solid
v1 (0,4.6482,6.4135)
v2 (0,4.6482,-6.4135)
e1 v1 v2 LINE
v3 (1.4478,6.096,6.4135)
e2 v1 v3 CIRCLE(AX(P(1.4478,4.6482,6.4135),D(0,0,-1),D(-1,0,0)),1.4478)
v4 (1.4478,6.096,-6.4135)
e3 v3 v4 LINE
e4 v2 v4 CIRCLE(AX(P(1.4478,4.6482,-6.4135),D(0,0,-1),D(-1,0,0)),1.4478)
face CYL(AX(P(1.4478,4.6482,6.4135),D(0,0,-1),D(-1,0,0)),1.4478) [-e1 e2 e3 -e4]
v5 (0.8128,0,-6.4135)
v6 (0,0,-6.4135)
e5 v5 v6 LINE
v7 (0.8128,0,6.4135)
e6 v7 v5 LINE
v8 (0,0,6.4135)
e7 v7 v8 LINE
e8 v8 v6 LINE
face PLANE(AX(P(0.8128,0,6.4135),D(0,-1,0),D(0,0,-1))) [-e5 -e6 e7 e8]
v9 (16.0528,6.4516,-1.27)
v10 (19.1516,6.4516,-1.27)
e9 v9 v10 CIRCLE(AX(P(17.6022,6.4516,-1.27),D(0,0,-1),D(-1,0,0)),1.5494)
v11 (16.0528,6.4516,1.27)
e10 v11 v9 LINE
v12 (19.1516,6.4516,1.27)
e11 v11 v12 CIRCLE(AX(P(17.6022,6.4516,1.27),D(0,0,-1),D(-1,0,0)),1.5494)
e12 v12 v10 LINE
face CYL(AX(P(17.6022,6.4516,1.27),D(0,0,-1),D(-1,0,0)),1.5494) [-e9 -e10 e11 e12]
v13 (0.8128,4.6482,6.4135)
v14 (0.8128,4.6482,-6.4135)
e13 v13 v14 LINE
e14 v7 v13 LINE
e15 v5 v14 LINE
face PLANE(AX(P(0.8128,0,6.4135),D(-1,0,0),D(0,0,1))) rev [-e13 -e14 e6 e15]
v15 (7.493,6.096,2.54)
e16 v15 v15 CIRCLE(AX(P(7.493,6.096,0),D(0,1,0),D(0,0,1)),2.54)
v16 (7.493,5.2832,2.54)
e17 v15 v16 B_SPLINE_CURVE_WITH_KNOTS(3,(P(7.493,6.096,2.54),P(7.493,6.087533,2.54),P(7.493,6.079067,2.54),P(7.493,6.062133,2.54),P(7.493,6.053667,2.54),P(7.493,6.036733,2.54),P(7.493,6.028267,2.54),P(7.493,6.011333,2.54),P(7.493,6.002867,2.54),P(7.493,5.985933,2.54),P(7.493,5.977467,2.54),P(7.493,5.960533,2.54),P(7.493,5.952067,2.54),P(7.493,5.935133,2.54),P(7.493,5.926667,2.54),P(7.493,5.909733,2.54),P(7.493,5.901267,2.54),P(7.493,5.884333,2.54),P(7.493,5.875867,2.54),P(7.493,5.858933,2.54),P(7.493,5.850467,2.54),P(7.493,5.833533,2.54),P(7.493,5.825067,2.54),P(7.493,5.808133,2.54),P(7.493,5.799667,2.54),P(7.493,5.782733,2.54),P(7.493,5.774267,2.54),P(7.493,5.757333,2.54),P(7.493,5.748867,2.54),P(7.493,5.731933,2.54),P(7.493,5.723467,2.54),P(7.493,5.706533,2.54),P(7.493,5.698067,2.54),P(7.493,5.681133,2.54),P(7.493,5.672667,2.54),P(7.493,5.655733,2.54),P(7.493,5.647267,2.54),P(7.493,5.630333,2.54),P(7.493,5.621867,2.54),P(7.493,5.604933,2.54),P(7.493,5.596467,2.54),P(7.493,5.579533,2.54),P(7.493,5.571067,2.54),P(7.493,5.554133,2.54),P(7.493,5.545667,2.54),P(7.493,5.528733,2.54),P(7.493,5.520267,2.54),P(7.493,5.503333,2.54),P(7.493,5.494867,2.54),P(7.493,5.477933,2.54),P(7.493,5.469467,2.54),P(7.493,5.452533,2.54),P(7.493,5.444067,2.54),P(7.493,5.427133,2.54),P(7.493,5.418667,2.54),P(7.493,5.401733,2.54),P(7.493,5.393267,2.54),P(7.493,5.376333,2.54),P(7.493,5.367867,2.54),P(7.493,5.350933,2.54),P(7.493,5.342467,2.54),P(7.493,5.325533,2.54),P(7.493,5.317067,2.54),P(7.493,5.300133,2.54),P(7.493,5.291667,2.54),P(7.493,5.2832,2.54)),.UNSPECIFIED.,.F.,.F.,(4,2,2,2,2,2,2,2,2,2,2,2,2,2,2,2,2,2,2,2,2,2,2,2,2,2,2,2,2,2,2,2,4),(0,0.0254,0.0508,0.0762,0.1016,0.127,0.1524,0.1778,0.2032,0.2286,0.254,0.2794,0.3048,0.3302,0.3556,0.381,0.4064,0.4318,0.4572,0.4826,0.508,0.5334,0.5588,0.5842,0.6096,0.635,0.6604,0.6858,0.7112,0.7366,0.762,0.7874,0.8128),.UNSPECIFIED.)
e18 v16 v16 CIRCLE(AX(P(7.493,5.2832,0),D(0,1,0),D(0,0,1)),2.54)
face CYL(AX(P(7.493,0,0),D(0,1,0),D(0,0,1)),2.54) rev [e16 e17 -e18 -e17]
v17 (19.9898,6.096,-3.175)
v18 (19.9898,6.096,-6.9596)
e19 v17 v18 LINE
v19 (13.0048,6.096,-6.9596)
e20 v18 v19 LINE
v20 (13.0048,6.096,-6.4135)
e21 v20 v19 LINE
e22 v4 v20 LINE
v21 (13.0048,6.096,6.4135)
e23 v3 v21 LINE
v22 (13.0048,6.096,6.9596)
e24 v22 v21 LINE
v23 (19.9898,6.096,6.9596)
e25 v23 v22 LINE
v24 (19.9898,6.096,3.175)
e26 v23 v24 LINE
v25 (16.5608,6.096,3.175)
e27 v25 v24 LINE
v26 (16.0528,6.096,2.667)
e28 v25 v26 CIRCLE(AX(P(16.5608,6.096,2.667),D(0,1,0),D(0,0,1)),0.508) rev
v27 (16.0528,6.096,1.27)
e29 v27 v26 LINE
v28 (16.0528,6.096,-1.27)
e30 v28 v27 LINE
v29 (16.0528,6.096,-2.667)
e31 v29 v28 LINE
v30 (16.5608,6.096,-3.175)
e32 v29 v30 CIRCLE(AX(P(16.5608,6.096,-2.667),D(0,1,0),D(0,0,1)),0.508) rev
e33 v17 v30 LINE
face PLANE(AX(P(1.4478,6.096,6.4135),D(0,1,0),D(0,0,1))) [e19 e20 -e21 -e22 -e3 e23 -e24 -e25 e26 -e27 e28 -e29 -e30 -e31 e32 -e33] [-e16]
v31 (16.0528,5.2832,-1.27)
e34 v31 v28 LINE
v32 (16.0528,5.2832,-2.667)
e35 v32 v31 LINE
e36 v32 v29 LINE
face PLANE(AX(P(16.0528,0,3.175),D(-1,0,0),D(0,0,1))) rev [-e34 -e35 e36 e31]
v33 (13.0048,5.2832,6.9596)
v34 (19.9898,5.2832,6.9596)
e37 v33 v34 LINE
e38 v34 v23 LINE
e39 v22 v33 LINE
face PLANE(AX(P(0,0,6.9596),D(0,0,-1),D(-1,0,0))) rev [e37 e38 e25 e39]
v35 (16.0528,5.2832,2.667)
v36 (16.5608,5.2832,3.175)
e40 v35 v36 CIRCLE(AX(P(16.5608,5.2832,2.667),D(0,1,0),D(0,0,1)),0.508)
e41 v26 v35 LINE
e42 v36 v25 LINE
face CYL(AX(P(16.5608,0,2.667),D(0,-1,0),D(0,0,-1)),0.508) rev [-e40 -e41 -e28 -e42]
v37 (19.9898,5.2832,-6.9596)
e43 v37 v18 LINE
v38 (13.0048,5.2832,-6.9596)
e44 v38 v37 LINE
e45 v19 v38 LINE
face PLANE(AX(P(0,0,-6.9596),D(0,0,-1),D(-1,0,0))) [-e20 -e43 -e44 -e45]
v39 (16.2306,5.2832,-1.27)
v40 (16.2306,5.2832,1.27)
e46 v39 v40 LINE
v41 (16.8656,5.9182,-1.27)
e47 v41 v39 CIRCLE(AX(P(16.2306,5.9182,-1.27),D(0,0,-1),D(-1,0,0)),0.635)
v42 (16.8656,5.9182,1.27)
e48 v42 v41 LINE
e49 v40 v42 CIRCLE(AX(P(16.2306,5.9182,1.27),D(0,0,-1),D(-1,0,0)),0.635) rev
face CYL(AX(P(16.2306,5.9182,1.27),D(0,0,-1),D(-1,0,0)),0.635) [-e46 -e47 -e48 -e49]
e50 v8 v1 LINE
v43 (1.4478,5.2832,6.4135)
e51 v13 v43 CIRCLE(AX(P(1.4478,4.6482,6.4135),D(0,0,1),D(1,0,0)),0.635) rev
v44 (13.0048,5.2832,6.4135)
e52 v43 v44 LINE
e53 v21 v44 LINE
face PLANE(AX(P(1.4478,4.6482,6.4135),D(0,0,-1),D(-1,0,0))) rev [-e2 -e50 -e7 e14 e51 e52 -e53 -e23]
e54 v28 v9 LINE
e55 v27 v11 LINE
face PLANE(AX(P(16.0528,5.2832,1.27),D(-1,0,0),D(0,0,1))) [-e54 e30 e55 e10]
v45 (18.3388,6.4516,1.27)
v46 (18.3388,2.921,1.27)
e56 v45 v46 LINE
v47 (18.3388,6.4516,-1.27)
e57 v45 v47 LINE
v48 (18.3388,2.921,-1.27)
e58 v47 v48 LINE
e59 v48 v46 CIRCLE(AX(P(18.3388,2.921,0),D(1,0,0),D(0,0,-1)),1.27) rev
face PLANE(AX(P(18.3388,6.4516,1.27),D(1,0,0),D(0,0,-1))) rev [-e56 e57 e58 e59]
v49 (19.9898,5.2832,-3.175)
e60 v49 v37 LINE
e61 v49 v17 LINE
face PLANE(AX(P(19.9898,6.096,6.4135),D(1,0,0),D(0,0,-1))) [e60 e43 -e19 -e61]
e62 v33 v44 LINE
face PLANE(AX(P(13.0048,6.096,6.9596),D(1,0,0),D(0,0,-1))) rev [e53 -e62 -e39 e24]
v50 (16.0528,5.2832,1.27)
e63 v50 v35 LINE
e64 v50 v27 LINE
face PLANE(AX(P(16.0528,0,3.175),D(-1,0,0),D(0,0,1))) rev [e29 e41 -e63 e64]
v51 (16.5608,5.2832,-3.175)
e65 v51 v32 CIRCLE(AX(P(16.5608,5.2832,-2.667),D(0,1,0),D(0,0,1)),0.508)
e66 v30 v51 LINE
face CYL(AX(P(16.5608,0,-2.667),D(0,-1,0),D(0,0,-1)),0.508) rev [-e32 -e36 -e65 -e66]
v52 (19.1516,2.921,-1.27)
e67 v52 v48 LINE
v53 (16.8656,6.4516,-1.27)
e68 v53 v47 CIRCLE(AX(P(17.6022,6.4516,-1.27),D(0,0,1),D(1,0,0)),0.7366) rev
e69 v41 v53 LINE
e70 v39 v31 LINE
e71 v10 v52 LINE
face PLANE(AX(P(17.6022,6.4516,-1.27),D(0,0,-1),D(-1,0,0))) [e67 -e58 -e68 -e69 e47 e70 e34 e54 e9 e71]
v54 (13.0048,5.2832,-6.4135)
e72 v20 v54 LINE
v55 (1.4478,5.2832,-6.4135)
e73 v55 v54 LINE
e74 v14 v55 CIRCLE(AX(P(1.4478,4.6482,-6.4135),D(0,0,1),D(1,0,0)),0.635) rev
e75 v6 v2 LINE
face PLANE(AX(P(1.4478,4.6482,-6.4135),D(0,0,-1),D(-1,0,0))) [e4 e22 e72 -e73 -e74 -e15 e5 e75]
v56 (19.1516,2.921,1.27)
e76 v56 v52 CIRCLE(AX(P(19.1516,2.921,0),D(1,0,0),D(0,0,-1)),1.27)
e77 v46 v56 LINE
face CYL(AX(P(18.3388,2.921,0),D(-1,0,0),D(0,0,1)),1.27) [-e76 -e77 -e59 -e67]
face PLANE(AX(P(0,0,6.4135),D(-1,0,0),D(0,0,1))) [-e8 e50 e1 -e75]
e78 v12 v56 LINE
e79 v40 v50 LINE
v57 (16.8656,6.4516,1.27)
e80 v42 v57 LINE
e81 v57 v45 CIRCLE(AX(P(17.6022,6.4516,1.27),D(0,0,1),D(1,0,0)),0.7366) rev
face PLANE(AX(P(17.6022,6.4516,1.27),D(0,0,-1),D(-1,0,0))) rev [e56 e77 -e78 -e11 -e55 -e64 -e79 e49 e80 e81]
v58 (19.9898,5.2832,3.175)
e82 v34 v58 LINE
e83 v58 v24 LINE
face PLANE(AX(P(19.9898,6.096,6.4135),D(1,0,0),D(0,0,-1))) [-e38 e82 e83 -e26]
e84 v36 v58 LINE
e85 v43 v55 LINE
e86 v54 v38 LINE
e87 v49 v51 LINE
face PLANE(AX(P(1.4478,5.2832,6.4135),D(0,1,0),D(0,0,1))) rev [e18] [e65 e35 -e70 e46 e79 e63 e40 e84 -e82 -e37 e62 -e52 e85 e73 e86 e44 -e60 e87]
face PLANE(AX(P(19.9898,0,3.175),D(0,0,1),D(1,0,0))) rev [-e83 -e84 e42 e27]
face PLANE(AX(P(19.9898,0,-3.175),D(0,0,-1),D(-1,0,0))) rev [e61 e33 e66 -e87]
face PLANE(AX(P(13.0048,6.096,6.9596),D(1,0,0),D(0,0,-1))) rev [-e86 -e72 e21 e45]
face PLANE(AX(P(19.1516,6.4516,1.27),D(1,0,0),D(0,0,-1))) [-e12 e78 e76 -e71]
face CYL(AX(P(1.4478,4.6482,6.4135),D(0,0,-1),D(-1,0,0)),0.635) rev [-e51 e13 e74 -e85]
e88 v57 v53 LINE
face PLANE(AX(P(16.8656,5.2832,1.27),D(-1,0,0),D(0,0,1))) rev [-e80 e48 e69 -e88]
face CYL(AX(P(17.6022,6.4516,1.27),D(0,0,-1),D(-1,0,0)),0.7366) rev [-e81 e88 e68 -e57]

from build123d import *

# Parameters (mm, degrees)
EXTRUDE_THIN1_DEPTH = 6.4135
SKETCH2_W           = 6.985
SKETCH2_H           = 0.8128
BOSS_EXTRUDE1_DEPTH = 6.9596
SKETCH3_W           = 3.937
SKETCH3_H           = 6.35
CUT_EXTRUDE1_DEPTH  = 23.027014146
EXTRUDE_THIN2_DEPTH = 1.27
FILLET1_RADIUS      = 1.27
FILLET1_LENGTH      = 0.8128
FILLET2_R           = 0.635
SKETCH5_R           = 2.54
CUT_EXTRUDE2_DEPTH  = 23.027014146
FILLET3_R           = 0.508


with BuildPart() as part:
    # Sketch1 → Extrude-Thin1 (new, symmetric)
    with BuildSketch(Plane.XY):
        with BuildLine():
            Line((0, 0), (0, 4.6482))
            ThreePointArc((0, 4.6482), (0.424050802, 5.671949198), (1.4478, 6.096))
            Line((1.4478, 6.096), (19.9898, 6.096))
            Line((19.9898, 6.096), (19.9898, 5.2832))
            Line((19.9898, 5.2832), (1.4478, 5.2832))
            ThreePointArc((1.4478, 5.2832), (0.998787194, 5.097212806), (0.8128, 4.6482))
            Line((0.8128, 4.6482), (0.8128, 0))
            Line((0.8128, 0), (0, 0))
        make_face()
    extrude(amount=EXTRUDE_THIN1_DEPTH, both=True)

    # Sketch2 → Boss-Extrude1 (add, symmetric)
    with BuildSketch(Plane.XY):
        with Locations((16.4973, 5.6896)):
            Rectangle(SKETCH2_W, SKETCH2_H)
    extrude(amount=BOSS_EXTRUDE1_DEPTH, both=True)

    # Sketch3 → Cut-Extrude1 (cut, through all)
    with BuildSketch(Plane(origin=(0, 6.096, 0), x_dir=(1, 0, 0), z_dir=(0, 1, 0))):
        with Locations((18.0213, 0)):
            Rectangle(SKETCH3_W, SKETCH3_H)
    extrude(amount=-CUT_EXTRUDE1_DEPTH, mode=Mode.SUBTRACT)

    # Sketch4 → Extrude-Thin2 (add, symmetric)
    with BuildSketch(Plane.XY):
        with BuildLine():
            Line((16.0528, 5.2832), (16.0528, 6.4516))
            ThreePointArc((16.0528, 6.4516), (17.6022, 8.001), (19.1516, 6.4516))
            Line((19.1516, 6.4516), (19.1516, 1.651))
            Line((19.1516, 1.651), (18.3388, 1.651))
            Line((18.3388, 1.651), (18.3388, 6.4516))
            ThreePointArc((18.3388, 6.4516), (17.6022, 7.1882), (16.8656, 6.4516))
            Line((16.8656, 6.4516), (16.8656, 5.2832))
            Line((16.8656, 5.2832), (16.0528, 5.2832))
        make_face()
    extrude(amount=EXTRUDE_THIN2_DEPTH, both=True)

    # Fillet1: full round fillet: the end face becomes a half cylinder, R = half its width
    fillet1_face = Plane((18.7452, 1.651, 0), x_dir=(-1, 0, 0), z_dir=(0, -1, 0))  # on the end face: x along it, z out of the body
    fillet1_slab = fillet1_face.offset(-FILLET1_RADIUS / 2) * Box(FILLET1_LENGTH, 2 * FILLET1_RADIUS, FILLET1_RADIUS, mode=Mode.PRIVATE)  # the body's end, R deep
    fillet1_round = Plane((18.7452, 2.921, 0), x_dir=(0, -1, 0), z_dir=(-1, 0, 0)) * Cylinder(FILLET1_RADIUS, FILLET1_LENGTH, mode=Mode.PRIVATE)  # its axis R under the face
    add(fillet1_slab - fillet1_round, mode=Mode.SUBTRACT)

    # Fillet2
    fillet2_edges = [part.edges().sort_by_distance(p)[0] for p in [
        (16.8656, 5.2832, 0),
    ]]
    fillet(fillet2_edges, radius=FILLET2_R)

    # Sketch5 → Cut-Extrude2 (cut, through all)
    with BuildSketch(Plane(origin=(0, 6.096, 0), x_dir=(1, 0, 0), z_dir=(0, 1, 0))):
        with Locations(Location((7.493, 0, 0), (0, 0, 270))):
            Circle(SKETCH5_R)
    extrude(amount=-CUT_EXTRUDE2_DEPTH, mode=Mode.SUBTRACT)

    # Fillet3
    fillet3_edges = [part.edges().sort_by_distance(p)[0] for p in [
        (16.0528, 5.6896, 3.175),
        (16.0528, 5.6896, -3.175),
    ]]
    fillet(fillet3_edges, radius=FILLET3_R)


solid = part.part
